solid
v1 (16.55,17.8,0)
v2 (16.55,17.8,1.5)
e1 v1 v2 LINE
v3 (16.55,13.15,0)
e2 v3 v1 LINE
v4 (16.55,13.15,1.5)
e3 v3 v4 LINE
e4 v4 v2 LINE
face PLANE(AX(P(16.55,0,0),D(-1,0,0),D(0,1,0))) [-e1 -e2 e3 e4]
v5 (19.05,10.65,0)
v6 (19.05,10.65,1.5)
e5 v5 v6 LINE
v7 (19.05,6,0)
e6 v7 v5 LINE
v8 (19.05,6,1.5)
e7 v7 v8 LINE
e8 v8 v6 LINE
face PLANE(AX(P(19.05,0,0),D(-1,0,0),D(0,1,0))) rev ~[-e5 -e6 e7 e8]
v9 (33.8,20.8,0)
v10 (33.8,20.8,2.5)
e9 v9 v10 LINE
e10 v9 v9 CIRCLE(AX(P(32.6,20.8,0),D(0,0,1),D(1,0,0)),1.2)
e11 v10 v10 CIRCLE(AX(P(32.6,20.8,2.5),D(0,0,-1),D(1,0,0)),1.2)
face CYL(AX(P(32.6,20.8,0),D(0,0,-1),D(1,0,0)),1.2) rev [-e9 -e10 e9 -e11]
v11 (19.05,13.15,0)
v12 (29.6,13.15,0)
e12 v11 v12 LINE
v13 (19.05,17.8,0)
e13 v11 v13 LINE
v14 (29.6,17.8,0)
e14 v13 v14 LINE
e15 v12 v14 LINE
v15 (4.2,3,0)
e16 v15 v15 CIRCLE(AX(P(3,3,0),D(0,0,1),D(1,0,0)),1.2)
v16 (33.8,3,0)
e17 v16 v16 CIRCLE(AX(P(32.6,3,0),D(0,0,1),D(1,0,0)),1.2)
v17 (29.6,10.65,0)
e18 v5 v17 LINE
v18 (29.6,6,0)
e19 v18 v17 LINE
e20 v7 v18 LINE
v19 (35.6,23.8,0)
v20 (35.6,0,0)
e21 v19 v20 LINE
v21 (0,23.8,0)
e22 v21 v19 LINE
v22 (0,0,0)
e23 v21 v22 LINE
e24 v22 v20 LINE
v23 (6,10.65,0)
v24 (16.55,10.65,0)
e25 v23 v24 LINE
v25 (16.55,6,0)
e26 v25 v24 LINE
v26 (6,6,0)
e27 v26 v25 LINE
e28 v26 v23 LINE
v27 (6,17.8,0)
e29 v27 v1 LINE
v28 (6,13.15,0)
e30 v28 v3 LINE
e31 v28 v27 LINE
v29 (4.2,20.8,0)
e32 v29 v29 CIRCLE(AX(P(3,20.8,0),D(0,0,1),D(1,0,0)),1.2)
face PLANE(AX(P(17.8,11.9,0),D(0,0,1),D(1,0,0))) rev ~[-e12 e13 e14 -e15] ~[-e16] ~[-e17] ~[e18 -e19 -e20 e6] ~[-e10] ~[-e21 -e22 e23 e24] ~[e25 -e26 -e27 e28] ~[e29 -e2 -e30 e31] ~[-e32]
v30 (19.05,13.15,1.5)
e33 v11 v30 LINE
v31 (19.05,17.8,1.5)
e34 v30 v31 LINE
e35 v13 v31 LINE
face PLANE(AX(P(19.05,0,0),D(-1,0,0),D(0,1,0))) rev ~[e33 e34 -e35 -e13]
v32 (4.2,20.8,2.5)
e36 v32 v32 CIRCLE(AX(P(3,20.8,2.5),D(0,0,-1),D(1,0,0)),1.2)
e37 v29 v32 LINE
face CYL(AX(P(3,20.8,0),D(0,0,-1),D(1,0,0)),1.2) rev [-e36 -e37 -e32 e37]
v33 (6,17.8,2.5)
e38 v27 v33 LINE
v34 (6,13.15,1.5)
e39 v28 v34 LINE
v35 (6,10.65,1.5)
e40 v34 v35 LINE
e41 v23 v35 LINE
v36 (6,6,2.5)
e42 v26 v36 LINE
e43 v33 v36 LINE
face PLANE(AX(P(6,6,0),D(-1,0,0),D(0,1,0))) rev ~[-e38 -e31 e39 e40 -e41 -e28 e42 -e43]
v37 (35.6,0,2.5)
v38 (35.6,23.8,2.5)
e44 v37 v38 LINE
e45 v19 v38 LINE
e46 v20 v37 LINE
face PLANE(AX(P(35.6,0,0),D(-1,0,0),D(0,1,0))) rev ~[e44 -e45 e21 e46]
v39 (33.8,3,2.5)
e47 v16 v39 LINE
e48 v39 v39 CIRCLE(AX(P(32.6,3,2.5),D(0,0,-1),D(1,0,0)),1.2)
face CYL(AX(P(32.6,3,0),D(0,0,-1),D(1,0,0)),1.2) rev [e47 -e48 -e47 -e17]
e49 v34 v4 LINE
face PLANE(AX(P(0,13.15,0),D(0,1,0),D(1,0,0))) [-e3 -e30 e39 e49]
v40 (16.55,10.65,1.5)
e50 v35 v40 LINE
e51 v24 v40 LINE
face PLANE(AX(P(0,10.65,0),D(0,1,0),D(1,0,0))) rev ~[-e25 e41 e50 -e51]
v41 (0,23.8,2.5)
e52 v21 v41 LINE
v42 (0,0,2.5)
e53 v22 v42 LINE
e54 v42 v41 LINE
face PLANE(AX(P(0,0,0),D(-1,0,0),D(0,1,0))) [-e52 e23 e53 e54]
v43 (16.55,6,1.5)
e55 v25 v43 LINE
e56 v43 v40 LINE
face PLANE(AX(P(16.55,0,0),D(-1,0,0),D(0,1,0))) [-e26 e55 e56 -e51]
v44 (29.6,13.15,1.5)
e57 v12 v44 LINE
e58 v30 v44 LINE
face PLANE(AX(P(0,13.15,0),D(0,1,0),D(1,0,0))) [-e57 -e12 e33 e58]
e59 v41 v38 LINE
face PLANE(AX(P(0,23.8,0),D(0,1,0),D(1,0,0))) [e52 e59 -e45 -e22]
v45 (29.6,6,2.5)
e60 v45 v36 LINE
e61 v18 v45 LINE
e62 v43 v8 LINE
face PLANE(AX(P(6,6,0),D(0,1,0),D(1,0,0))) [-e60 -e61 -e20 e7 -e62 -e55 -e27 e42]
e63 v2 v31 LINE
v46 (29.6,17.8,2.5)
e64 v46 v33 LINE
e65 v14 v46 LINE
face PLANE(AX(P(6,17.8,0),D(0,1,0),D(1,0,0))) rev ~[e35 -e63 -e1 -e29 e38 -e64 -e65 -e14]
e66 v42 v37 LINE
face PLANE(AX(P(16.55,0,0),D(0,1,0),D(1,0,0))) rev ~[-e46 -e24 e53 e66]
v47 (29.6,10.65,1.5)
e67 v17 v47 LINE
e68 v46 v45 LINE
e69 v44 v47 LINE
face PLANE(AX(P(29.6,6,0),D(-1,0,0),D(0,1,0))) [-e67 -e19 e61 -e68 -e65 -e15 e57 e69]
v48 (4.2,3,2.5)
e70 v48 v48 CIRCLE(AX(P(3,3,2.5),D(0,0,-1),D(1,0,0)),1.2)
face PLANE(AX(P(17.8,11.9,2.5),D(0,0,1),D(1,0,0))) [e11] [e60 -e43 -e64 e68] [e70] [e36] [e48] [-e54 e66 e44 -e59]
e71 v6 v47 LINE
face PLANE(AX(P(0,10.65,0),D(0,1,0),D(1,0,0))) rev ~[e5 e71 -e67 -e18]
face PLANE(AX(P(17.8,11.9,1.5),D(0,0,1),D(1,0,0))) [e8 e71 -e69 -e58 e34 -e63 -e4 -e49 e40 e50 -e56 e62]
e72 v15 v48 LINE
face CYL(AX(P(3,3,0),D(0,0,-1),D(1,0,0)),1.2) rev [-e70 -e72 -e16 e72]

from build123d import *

# Parameters (mm, degrees)
CYLINDER_R       = 1.2
CYLINDER_DEPTH   = 10
ARRAY001_X_COUNT = 2
ARRAY001_X_PITCH = 29.6
ARRAY001_Y_COUNT = 2
ARRAY001_Y_PITCH = 17.8
BOX003_W         = 23.6
BOX003_H         = 11.8
BOX003_DEPTH     = 10
BOX002_W         = 35.6
BOX002_H         = 23.8
BOX002_DEPTH     = 2.5
BOX017_W         = 2.5
BOX017_H         = 23.8
BOX017_DEPTH     = 1.5
BOX005_W         = 35.6
BOX005_H         = 2.5
BOX005_DEPTH     = 1.5


with BuildPart() as bolt_hole_array_clone:
    # Cylinder → Cylinder (new body)
    with BuildSketch(Plane.XY):
        Circle(CYLINDER_R)
    extrude(amount=CYLINDER_DEPTH)

    # Array001 X: bolt hole array clone ×2


with BuildPart() as bolt_hole_array_clone_1:
    add(bolt_hole_array_clone.part)
    with Locations(*[(i * ARRAY001_X_PITCH, 0, 0) for i in range(1, ARRAY001_X_COUNT)]):
        add(bolt_hole_array_clone.part)

    # Array001 Y: bolt hole array clone ×2


with BuildPart() as bolt_hole_array_clone_2:
    add(bolt_hole_array_clone_1.part)
    with Locations(*[(0, i * ARRAY001_Y_PITCH, 0) for i in range(1, ARRAY001_Y_COUNT)]):
        add(bolt_hole_array_clone_1.part)


with BuildPart() as bolt_hole_array_clone_3:
    # Array001 placement: moved
    add(bolt_hole_array_clone_2.part.moved(Location((3, 3, 0))))


with BuildPart() as mesh_extraction_fusion:
    # Box003 → Box003 (new body)
    with BuildSketch(Plane(origin=(6, 6, 0), x_dir=(1, 0, 0), z_dir=(0, 0, 1))):
        with Locations((11.8, 5.9)):
            Rectangle(BOX003_W, BOX003_H)
    extrude(amount=BOX003_DEPTH)

    # Fusion003: union bolt hole array clone
    add(bolt_hole_array_clone_3.part)


with BuildPart() as mesh_border_cut:
    # Box002 → Box002 (new body)
    with BuildSketch(Plane.XY):
        with Locations((17.8, 11.9)):
            Rectangle(BOX002_W, BOX002_H)
    extrude(amount=BOX002_DEPTH)

    # Cut001: cut mesh extraction fusion
    add(mesh_extraction_fusion.part, mode=Mode.SUBTRACT)


with BuildPart() as y_btn_holder_array001:
    # Box017 → Box017 (new body)
    with BuildSketch(Plane.XY):
        with Locations((1.25, 11.9)):
            Rectangle(BOX017_W, BOX017_H)
    extrude(amount=BOX017_DEPTH)


with BuildPart() as y_btn_holder_array001_1:
    # Array011 placement: moved
    add(y_btn_holder_array001.part.moved(Location((16.55, 0, 0))))


with BuildPart() as x_mesh_holder_fusion:
    # Box005 → Box005 (new body)
    with BuildSketch(Plane.XY):
        with Locations((17.8, 1.25)):
            Rectangle(BOX005_W, BOX005_H)
    extrude(amount=BOX005_DEPTH)


with BuildPart() as x_mesh_holder_fusion_1:
    # Array002 placement: moved
    add(x_mesh_holder_fusion.part.moved(Location((0, 10.65, 0))))

    # Fusion001: union mesh border cut, y btn holder array001
    add(mesh_border_cut.part)
    add(y_btn_holder_array001_1.part)


solid = x_mesh_holder_fusion_1.part
